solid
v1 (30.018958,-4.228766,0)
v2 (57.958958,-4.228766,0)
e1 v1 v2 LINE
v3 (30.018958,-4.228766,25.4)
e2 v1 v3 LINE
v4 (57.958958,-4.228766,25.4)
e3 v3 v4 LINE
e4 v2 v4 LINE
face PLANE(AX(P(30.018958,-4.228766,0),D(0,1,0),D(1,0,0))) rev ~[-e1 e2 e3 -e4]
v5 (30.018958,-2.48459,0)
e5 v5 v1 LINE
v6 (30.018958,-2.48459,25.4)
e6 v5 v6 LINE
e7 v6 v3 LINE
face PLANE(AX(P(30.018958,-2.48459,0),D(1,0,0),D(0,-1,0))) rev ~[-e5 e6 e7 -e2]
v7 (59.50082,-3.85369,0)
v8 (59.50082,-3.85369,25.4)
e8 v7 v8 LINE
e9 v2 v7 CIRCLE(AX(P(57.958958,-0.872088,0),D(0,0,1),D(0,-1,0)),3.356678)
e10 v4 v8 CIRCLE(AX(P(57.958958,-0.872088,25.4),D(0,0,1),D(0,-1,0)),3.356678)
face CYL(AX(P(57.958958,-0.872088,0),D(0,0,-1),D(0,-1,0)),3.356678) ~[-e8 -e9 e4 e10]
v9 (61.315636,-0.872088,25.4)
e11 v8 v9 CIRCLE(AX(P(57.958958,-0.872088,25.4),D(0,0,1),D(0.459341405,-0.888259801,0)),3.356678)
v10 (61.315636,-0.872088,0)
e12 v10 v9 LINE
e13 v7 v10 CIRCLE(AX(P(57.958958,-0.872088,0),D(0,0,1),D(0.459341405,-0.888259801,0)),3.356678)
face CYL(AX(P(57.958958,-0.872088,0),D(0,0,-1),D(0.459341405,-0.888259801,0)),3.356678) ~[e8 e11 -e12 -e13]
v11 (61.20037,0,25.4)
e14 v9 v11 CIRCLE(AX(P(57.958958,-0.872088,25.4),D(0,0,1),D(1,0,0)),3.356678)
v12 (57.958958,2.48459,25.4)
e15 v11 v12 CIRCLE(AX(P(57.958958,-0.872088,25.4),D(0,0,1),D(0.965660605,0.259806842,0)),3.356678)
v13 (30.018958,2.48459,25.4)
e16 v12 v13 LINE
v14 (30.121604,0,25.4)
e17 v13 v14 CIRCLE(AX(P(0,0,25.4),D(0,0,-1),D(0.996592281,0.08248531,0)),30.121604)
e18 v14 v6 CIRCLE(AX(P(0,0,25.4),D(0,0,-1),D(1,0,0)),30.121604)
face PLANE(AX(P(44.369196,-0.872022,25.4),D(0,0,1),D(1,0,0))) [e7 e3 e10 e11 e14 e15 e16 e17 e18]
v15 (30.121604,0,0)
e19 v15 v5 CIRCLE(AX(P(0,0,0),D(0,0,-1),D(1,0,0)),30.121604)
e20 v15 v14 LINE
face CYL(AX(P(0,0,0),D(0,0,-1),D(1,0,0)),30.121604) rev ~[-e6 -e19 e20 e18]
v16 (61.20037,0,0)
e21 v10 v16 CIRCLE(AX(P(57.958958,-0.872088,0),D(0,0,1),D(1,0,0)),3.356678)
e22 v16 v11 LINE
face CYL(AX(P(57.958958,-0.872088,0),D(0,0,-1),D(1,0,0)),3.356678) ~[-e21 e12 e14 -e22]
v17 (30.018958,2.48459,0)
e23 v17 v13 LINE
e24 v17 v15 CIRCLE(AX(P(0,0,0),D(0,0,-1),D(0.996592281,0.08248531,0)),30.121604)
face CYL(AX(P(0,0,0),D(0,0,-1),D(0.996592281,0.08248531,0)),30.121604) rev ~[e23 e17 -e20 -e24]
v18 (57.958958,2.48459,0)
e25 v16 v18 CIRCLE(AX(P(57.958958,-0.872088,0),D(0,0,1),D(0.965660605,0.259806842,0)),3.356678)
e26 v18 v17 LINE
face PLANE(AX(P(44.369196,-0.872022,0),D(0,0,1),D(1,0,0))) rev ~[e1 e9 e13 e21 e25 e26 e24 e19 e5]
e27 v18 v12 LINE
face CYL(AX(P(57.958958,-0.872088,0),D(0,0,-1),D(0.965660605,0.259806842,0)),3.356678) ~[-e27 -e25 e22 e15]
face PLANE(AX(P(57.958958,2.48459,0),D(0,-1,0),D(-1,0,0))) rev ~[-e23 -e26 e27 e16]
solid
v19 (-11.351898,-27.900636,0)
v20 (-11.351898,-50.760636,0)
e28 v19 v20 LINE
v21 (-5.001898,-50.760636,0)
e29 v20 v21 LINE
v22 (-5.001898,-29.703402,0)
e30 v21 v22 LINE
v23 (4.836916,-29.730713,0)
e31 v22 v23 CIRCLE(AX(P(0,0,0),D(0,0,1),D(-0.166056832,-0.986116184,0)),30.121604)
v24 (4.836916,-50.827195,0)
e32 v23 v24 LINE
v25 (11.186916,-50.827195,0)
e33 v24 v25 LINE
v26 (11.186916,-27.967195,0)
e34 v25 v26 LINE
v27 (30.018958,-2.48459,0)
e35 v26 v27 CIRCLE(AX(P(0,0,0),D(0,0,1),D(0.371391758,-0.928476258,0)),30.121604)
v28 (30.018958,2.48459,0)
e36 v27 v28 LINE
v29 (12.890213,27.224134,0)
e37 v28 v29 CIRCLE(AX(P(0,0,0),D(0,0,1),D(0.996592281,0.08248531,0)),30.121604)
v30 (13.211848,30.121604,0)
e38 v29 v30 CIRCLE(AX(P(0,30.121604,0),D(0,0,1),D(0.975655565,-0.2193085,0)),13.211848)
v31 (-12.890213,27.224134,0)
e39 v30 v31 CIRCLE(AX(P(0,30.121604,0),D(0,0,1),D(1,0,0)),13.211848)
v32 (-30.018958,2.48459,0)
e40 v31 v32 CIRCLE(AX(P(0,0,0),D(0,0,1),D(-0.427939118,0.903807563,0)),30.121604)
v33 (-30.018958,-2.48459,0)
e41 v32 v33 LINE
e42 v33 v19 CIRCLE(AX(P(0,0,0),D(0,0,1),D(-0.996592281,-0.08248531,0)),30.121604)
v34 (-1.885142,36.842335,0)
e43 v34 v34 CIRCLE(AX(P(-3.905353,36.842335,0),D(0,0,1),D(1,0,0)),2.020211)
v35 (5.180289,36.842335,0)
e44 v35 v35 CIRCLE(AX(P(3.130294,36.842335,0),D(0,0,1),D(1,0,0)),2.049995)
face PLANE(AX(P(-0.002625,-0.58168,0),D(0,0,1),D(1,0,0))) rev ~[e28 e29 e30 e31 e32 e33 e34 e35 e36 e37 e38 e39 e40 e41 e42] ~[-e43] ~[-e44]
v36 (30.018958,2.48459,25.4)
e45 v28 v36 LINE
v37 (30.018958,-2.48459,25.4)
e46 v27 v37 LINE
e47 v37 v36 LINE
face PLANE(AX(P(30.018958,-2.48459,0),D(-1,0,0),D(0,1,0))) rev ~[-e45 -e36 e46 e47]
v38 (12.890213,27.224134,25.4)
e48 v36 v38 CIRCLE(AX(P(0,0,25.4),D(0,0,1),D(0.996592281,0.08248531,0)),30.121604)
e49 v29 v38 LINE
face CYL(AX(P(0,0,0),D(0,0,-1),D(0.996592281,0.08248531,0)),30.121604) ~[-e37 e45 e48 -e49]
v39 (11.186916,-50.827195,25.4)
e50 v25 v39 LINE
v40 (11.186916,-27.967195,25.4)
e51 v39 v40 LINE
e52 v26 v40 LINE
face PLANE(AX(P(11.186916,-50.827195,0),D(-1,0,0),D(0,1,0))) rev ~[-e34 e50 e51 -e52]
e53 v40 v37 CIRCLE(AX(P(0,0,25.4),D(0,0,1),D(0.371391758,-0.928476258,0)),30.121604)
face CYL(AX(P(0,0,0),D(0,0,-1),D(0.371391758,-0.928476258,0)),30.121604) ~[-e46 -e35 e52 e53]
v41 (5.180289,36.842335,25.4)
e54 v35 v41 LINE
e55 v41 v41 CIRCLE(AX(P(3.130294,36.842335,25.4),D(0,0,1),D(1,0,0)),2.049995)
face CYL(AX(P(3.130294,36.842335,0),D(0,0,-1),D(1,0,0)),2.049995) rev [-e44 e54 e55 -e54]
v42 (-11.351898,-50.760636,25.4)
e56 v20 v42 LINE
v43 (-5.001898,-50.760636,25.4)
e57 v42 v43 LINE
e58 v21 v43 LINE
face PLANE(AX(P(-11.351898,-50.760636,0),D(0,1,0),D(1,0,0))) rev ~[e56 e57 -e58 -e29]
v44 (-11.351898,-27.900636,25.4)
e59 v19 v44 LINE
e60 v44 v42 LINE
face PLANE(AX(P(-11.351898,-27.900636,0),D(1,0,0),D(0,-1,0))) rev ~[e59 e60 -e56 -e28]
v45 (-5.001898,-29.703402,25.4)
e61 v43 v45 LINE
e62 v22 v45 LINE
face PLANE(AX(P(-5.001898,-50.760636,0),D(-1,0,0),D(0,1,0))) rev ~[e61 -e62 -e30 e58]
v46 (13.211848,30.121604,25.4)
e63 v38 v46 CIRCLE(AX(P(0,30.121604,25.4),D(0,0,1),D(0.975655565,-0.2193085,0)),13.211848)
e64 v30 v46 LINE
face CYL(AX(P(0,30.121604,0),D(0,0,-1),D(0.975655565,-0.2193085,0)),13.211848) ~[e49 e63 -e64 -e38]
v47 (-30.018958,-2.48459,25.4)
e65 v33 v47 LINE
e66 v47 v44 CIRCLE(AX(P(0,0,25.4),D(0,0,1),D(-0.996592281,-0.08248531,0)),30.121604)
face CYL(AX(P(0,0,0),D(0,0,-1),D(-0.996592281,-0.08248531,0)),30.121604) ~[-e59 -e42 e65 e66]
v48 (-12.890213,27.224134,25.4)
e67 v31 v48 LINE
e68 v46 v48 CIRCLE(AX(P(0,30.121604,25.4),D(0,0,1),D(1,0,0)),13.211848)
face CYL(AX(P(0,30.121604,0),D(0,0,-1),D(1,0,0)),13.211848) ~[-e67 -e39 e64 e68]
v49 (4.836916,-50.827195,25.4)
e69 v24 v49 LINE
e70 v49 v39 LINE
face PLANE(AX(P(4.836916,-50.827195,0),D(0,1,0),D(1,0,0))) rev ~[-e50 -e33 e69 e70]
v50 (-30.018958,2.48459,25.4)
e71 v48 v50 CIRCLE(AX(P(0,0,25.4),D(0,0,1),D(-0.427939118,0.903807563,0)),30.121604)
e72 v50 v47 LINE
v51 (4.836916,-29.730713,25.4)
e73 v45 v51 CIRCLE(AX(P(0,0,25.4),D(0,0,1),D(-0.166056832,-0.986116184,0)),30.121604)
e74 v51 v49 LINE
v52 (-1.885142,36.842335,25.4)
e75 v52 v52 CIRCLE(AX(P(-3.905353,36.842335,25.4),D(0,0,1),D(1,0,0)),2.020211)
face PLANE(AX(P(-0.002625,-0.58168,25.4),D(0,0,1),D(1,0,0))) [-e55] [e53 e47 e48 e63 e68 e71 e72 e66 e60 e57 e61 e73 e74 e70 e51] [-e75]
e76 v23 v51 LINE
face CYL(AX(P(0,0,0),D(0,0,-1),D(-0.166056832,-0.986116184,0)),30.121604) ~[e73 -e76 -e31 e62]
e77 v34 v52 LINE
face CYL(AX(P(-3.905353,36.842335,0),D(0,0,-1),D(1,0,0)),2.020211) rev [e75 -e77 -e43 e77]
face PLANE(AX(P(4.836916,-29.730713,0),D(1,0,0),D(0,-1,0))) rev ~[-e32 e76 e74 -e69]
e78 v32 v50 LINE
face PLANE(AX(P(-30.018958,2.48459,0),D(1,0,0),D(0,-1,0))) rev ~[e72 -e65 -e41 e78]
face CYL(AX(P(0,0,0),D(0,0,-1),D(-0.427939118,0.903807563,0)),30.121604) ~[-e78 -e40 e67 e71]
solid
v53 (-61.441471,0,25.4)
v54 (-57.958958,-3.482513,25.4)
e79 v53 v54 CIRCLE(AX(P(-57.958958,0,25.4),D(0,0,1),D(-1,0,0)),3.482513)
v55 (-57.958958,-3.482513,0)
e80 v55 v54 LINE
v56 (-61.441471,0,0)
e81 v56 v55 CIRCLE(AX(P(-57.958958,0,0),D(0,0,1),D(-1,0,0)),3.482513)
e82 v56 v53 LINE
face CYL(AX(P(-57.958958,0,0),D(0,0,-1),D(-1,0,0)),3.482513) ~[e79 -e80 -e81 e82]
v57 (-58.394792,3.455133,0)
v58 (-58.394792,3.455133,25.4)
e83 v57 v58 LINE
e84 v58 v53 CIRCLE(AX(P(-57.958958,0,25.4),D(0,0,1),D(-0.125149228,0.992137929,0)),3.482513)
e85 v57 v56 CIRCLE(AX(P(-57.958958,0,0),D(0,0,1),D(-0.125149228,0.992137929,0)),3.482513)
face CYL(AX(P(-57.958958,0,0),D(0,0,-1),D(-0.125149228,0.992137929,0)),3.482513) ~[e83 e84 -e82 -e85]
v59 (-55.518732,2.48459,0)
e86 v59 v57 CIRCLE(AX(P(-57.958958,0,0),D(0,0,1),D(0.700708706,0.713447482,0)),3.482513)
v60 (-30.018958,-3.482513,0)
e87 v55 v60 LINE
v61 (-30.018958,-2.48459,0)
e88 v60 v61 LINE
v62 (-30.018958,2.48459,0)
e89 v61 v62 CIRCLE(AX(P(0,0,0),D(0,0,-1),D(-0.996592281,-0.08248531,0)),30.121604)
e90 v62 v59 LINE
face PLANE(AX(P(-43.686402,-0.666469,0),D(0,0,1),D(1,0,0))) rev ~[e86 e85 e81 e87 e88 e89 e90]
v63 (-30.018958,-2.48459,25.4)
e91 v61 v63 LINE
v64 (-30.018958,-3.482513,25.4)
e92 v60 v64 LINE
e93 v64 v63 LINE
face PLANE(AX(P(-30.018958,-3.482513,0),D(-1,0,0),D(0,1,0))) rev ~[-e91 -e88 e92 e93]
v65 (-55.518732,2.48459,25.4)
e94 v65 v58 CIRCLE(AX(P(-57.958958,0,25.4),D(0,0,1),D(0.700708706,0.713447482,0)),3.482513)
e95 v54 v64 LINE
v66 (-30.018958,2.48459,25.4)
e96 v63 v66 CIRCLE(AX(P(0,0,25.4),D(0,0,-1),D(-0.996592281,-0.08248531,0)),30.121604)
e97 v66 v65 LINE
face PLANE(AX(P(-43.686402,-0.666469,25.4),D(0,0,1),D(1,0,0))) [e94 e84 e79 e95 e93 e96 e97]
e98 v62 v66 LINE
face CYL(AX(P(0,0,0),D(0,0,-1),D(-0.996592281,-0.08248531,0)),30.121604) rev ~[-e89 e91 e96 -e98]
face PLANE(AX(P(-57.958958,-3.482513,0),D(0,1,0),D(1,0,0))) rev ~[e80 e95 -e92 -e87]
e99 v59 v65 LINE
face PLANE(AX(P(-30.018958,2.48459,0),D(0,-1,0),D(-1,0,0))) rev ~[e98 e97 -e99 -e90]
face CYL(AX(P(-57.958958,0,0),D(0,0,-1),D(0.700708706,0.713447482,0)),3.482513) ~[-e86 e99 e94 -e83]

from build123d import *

# Parameters (mm, degrees)
F0_R     = 2.0202110332
F0_R_2   = 2.0499950134
F1_DEPTH = 25.4


with BuildPart() as f1:
    # F0 (on Top) → F1 (new body)
    with BuildSketch(Plane.XY):
        with BuildLine():
            Line((30.018958472, -2.4845898661), (30.018958472, 2.4845898661))
            ThreePointArc((30.018958472, 2.4845898661), (24.7651066101, 17.1464442126), (12.8902128264, 27.2241339226))
            ThreePointArc((12.8902128264, 27.2241339226), (0, 16.9097566534), (-12.8902128264, 27.2241339226))
            ThreePointArc((-12.8902128264, 27.2241339226), (-24.7651066101, 17.1464442126), (-30.018958472, 2.4845898661))
            Line((-30.018958472, 2.4845898661), (-30.018958472, -2.4845898661))
            ThreePointArc((-30.018958472, -2.4845898661), (-24.2771660117, -17.8305991202), (-11.3518982056, -27.9006355067))
            Line((-11.3518982056, -27.9006355067), (-5.0018982056, -27.9006355067))
            Line((-5.0018982056, -27.9006355067), (-5.0018982056, -29.7034016383))
            ThreePointArc((-5.0018982056, -29.7034016383), (-0.0836139515, -30.121488397), (4.836915615, -29.7307131075))
            Line((4.836915615, -29.7307131075), (4.836915615, -27.967194596))
            Line((4.836915615, -27.967194596), (11.186915615, -27.967194596))
            ThreePointArc((11.186915615, -27.967194596), (24.2244050654, -17.9022136556), (30.018958472, -2.4845898661))
        make_face()
        with BuildLine():
            ThreePointArc((5.6925358826, 29.5788115003), (9.3656694379, 28.6285747205), (12.8902128264, 27.2241339226))
            ThreePointArc((12.8902128264, 27.2241339226), (13.1311928641, 28.6639707066), (13.211847795, 30.1216044484))
            ThreePointArc((13.211847795, 30.1216044484), (-1.4576337418, 43.2527973125), (-12.8902128264, 27.2241339226))
            ThreePointArc((-12.8902128264, 27.2241339226), (-9.6523661982, 28.5331891194), (-6.2847596858, 29.4586634157))
            ThreePointArc((-6.2847596858, 29.4586634157), (-0.3021442517, 30.1200890337), (5.6925358826, 29.5788115003))
        make_face()
        with Locations((-3.9053533692, 36.8423350155)):
            Circle(F0_R, mode=Mode.SUBTRACT)
        with Locations((3.1302943826, 36.8423350155)):
            Circle(F0_R_2, mode=Mode.SUBTRACT)
        with BuildLine():
            ThreePointArc((-12.8902128264, 27.2241339226), (0, 16.9097566534), (12.8902128264, 27.2241339226))
            ThreePointArc((12.8902128264, 27.2241339226), (9.3656694379, 28.6285747205), (5.6925358826, 29.5788115003))
            ThreePointArc((5.6925358826, 29.5788115003), (-0.2317973528, 23.107363008), (-6.2847596858, 29.4586634157))
            ThreePointArc((-6.2847596858, 29.4586634157), (-9.6523661982, 28.5331891194), (-12.8902128264, 27.2241339226))
        make_face()
        with BuildLine():
            ThreePointArc((-6.2847596858, 29.4586634157), (-0.2317973528, 23.107363008), (5.6925358826, 29.5788115003))
            ThreePointArc((5.6925358826, 29.5788115003), (-0.3021442517, 30.1200890337), (-6.2847596858, 29.4586634157))
        make_face()
        with BuildLine():
            Line((-5.0018982056, -50.7606355067), (-5.0018982056, -29.7034016383))
            ThreePointArc((-5.0018982056, -29.7034016383), (-8.2264303131, -28.9764887253), (-11.3518982056, -27.9006355067))
            Line((-11.3518982056, -27.9006355067), (-11.3518982056, -50.7606355067))
            Line((-11.3518982056, -50.7606355067), (-5.0018982056, -50.7606355067))
        make_face()
        with BuildLine():
            Line((11.186915615, -50.827194596), (11.186915615, -27.967194596))
            ThreePointArc((11.186915615, -27.967194596), (8.0602910126, -29.0231418585), (4.836915615, -29.7307131075))
            Line((4.836915615, -29.7307131075), (4.836915615, -50.827194596))
            Line((4.836915615, -50.827194596), (11.186915615, -50.827194596))
        make_face()
        with BuildLine():
            ThreePointArc((4.836915615, -29.7307131075), (8.0602910126, -29.0231418585), (11.186915615, -27.967194596))
            Line((11.186915615, -27.967194596), (4.836915615, -27.967194596))
            Line((4.836915615, -27.967194596), (4.836915615, -29.7307131075))
        make_face()
        with BuildLine():
            ThreePointArc((-11.3518982056, -27.9006355067), (-8.2264303131, -28.9764887253), (-5.0018982056, -29.7034016383))
            Line((-5.0018982056, -29.7034016383), (-5.0018982056, -27.9006355067))
            Line((-5.0018982056, -27.9006355067), (-11.3518982056, -27.9006355067))
        make_face()
    extrude(amount=F1_DEPTH)


with BuildPart() as f1b:
    # F0 (on Top) → F1, piece 2 (new body)
    with BuildSketch(Plane.XY):
        with BuildLine():
            ThreePointArc((30.018958472, 2.4845898661), (30.0959320141, 1.2433546356), (30.1216044484, 0))
            ThreePointArc((30.1216044484, 0), (30.0959320141, -1.2433546356), (30.018958472, -2.4845898661))
            Line((30.018958472, -2.4845898661), (30.018958472, -4.2287655294))
            Line((30.018958472, -4.2287655294), (57.958958472, -4.2287655294))
            ThreePointArc((57.958958472, -4.2287655294), (54.6022807742, -0.8720878317), (57.958958472, 2.4845898661))
            Line((57.958958472, 2.4845898661), (30.018958472, 2.4845898661))
        make_face()
        with BuildLine():
            Line((57.958958472, -4.2287655294), (57.958958472, 2.4845898661))
            ThreePointArc((57.958958472, 2.4845898661), (54.6022807742, -0.8720878317), (57.958958472, -4.2287655294))
        make_face()
        with BuildLine():
            ThreePointArc((61.20036989, 0), (60.0010122656, 1.7919882691), (57.958958472, 2.4845898661))
            Line((57.958958472, 2.4845898661), (57.958958472, -4.2287655294))
            ThreePointArc((57.958958472, -4.2287655294), (58.7523715697, -4.1336489338), (59.5008195205, -3.8536896954))
            ThreePointArc((59.5008195205, -3.8536896954), (60.8262582262, -2.6173320226), (61.3156361698, -0.8720878317))
            ThreePointArc((61.3156361698, -0.8720878317), (61.2866948334, -0.4322516402), (61.20036989, 0))
        make_face()
    extrude(amount=F1_DEPTH)


with BuildPart() as f1c:
    # F0 (on Top) → F1, piece 3 (new body)
    with BuildSketch(Plane.XY):
        with BuildLine():
            ThreePointArc((-30.018958472, -2.4845898661), (-30.1216044484, 0), (-30.018958472, 2.4845898661))
            Line((-30.018958472, 2.4845898661), (-55.518731556, 2.4845898661))
            ThreePointArc((-55.518731556, 2.4845898661), (-54.7475712909, 1.3471772627), (-54.476445844, 0))
            ThreePointArc((-54.476445844, 0), (-55.4964501772, -2.4625082948), (-57.958958472, -3.482512628))
            Line((-57.958958472, -3.482512628), (-30.018958472, -3.482512628))
            Line((-30.018958472, -3.482512628), (-30.018958472, -2.4845898661))
        make_face()
        with BuildLine():
            Line((-57.958958472, -3.482512628), (-57.958958472, 2.4845898661))
            Line((-57.958958472, 2.4845898661), (-58.3947922396, 3.4551328674))
            ThreePointArc((-58.3947922396, 3.4551328674), (-60.5710161669, 2.3032691554), (-61.4414711, 0))
            ThreePointArc((-61.4414711, 0), (-60.4214667668, -2.4625082948), (-57.958958472, -3.482512628))
        make_face()
        with BuildLine():
            ThreePointArc((-54.476445844, 0), (-54.7475712909, 1.3471772627), (-55.518731556, 2.4845898661))
            Line((-55.518731556, 2.4845898661), (-57.958958472, 2.4845898661))
            Line((-57.958958472, 2.4845898661), (-57.958958472, -3.482512628))
            ThreePointArc((-57.958958472, -3.482512628), (-55.4964501772, -2.4625082948), (-54.476445844, 0))
        make_face()
        with BuildLine():
            Line((-57.958958472, 2.4845898661), (-55.518731556, 2.4845898661))
            ThreePointArc((-55.518731556, 2.4845898661), (-56.8454566073, 3.2996981379), (-58.3947922396, 3.4551328674))
            Line((-58.3947922396, 3.4551328674), (-57.958958472, 2.4845898661))
        make_face()
    extrude(amount=F1_DEPTH)


solid = Compound([f1.part, f1b.part, f1c.part])
